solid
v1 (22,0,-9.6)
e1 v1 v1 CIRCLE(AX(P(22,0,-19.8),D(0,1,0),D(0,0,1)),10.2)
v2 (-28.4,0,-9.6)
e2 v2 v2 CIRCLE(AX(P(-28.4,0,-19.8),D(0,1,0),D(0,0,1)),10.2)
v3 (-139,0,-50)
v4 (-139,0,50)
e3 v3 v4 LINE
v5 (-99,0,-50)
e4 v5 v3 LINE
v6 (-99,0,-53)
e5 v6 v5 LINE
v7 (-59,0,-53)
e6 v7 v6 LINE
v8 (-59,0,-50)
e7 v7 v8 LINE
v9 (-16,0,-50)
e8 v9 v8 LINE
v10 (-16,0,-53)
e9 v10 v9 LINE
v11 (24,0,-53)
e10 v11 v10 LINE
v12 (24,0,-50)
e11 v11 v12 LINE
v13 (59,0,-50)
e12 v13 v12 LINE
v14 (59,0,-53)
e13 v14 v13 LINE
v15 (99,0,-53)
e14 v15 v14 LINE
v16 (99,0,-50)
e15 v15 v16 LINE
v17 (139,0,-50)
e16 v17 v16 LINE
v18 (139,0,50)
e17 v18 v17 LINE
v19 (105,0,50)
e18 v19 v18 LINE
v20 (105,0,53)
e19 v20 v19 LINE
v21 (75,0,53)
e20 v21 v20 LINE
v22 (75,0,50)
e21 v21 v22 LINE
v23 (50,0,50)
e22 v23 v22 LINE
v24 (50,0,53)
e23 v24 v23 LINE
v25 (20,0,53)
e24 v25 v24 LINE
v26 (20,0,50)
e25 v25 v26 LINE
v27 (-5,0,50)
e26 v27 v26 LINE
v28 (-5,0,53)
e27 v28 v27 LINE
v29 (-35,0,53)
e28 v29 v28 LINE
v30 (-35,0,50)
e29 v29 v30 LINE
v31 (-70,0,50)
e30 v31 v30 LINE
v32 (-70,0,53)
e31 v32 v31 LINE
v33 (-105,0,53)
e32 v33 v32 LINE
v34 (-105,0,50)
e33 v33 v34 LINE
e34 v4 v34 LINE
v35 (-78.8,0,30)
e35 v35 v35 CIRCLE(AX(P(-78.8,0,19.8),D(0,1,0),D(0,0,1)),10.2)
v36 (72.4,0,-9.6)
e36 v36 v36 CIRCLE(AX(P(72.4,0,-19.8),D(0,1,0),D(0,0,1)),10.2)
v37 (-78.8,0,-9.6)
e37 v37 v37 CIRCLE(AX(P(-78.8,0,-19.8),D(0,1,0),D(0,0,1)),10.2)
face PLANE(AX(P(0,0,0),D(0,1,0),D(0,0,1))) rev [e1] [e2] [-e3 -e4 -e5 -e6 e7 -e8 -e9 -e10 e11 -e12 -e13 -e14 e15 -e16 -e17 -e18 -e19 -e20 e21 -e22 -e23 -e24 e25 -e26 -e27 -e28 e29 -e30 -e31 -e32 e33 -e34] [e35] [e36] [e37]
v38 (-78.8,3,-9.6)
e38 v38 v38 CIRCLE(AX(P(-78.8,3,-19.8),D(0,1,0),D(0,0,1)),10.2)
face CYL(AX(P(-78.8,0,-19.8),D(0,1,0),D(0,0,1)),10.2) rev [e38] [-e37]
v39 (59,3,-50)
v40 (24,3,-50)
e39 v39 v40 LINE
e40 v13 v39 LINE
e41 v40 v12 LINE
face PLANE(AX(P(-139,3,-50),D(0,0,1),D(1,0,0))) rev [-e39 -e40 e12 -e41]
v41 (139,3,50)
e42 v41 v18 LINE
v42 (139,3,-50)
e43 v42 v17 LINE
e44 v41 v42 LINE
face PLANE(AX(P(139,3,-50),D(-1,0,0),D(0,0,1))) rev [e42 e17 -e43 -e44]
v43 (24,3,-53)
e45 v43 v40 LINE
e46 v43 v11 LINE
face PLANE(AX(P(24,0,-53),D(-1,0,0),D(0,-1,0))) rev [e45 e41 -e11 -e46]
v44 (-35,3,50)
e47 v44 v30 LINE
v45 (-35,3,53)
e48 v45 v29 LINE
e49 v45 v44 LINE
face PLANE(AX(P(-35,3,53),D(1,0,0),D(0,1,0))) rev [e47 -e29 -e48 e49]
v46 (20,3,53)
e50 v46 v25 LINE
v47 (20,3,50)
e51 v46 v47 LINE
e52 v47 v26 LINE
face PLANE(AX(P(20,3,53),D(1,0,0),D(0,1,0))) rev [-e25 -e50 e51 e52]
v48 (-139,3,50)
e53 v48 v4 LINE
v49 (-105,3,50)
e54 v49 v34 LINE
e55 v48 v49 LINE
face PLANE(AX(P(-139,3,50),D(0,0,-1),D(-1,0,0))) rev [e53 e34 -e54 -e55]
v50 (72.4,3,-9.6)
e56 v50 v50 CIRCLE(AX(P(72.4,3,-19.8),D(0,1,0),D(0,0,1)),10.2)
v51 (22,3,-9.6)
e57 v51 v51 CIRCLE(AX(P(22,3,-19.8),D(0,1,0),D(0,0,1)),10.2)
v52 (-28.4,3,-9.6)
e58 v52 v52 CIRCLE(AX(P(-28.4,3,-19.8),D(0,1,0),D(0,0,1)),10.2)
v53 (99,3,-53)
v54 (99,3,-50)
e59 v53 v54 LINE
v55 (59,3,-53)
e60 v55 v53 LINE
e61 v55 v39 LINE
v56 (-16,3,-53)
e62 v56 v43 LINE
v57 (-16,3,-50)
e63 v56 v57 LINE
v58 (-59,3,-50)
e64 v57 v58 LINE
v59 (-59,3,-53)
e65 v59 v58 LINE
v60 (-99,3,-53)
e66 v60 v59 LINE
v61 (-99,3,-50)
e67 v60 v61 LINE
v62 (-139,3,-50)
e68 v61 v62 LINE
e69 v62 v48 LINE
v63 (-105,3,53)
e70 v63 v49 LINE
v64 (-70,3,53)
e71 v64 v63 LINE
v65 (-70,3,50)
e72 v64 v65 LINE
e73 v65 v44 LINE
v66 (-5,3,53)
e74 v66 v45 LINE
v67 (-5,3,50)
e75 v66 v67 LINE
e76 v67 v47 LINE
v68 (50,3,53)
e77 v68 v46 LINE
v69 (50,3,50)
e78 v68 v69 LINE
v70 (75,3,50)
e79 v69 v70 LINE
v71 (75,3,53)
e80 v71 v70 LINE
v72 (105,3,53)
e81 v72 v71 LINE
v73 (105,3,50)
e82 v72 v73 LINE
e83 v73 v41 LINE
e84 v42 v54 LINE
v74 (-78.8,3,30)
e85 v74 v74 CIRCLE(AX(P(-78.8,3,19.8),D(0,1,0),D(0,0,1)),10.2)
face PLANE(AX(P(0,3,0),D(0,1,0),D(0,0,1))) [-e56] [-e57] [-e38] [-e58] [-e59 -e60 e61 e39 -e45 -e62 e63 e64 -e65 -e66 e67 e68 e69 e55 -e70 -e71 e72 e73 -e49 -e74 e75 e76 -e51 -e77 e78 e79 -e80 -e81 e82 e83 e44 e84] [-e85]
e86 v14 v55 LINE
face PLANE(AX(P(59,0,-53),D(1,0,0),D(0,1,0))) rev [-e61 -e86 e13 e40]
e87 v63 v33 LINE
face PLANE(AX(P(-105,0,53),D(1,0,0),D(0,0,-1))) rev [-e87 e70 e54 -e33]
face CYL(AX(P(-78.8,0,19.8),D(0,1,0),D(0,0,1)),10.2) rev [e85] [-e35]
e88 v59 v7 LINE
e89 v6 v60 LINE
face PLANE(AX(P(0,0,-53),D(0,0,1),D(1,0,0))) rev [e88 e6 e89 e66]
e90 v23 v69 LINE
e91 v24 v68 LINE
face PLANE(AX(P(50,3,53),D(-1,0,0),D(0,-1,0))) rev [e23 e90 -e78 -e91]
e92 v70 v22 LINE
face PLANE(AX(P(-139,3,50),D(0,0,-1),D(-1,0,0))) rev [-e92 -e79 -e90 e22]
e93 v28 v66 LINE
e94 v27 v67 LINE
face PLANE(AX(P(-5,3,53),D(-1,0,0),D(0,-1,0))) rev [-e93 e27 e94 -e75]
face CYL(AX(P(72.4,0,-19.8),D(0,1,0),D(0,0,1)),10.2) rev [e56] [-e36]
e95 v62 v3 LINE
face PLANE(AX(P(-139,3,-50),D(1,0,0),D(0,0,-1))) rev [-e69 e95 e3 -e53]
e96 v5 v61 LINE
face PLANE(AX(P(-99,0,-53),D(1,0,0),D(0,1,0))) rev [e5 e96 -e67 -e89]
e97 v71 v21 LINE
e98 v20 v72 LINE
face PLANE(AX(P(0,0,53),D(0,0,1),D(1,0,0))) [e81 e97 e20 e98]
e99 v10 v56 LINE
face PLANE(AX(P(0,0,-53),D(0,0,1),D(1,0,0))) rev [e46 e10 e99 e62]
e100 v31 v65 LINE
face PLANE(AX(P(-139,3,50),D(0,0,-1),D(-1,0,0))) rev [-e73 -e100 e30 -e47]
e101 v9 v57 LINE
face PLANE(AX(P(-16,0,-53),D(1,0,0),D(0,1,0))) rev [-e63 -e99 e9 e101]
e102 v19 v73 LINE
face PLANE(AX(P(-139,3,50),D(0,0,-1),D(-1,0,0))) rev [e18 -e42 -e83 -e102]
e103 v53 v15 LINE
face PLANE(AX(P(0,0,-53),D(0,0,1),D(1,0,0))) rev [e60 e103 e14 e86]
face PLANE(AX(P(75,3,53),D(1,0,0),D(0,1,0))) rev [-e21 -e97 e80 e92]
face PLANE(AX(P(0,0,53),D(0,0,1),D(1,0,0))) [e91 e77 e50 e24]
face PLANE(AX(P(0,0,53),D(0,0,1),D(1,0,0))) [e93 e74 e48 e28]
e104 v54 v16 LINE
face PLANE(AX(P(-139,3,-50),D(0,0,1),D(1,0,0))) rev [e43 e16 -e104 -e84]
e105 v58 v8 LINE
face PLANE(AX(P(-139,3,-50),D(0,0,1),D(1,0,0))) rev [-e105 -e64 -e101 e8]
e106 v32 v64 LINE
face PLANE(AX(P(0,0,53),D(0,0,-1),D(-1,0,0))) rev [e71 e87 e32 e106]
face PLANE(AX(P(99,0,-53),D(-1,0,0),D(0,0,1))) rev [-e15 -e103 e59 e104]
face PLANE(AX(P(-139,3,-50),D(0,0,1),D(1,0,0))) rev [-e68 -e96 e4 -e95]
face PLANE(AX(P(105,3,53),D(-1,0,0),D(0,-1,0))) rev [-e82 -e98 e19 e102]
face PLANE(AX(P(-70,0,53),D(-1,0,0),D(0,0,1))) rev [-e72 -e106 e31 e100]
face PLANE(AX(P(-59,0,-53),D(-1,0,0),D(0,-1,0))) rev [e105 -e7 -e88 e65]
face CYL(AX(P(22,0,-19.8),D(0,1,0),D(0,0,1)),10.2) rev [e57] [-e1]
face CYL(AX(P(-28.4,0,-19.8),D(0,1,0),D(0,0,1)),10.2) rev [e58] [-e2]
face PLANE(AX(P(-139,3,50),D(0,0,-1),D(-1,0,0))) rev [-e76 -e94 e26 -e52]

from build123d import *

# Parameters (mm, degrees)
SKETCH1_W           = 278
SKETCH1_H           = 100
BOSS_EXTRUDE1_DEPTH = 3
SKETCH2_W           = 40
SKETCH2_H           = 3
BOSS_EXTRUDE2_DEPTH = 3
SKETCH3_R           = 10.2
CUT_EXTRUDE1_DEPTH  = 3
SKETCH4_W           = 35
SKETCH4_H           = 3
SKETCH4_W_2         = 30
BOSS_EXTRUDE3_DEPTH = 3


with BuildPart() as part:
    # Sketch1 → Boss-Extrude1 (new body)
    with BuildSketch(Plane(origin=(0, 0, 0), x_dir=(1, 0, 0), z_dir=(0, 1, 0))):
        Rectangle(SKETCH1_W, SKETCH1_H)
    extrude(amount=BOSS_EXTRUDE1_DEPTH)

    # Sketch2 → Boss-Extrude2 (add)
    with BuildSketch(Plane(origin=(0, 0, -50), x_dir=(-1, 0, 0), z_dir=(0, 0, -1))):
        with Locations((-79, 1.5)):
            Rectangle(SKETCH2_W, SKETCH2_H)
        with Locations((-4, 1.5)):
            Rectangle(SKETCH2_W, SKETCH2_H)
        with Locations((79, 1.5)):
            Rectangle(SKETCH2_W, SKETCH2_H)
    extrude(amount=BOSS_EXTRUDE2_DEPTH)

    # Sketch3 → Cut-Extrude1 (cut)
    with BuildSketch(Plane(origin=(0, 3, 0), x_dir=(1, 0, 0), z_dir=(0, 1, 0))):
        with Locations(Location((72.4, 19.8, 0), (0, 0, 270))):
            Circle(SKETCH3_R)
        with Locations(Location((-78.8, -19.8, 0), (0, 0, 270))):
            Circle(SKETCH3_R)
        with Locations(Location((22, 19.8, 0), (0, 0, 270))):
            Circle(SKETCH3_R)
        with Locations(Location((-28.4, 19.8, 0), (0, 0, 270))):
            Circle(SKETCH3_R)
        with Locations(Location((-78.8, 19.8, 0), (0, 0, 270))):
            Circle(SKETCH3_R)
    extrude(amount=-CUT_EXTRUDE1_DEPTH, mode=Mode.SUBTRACT)

    # Sketch4 → Boss-Extrude3 (add)
    with BuildSketch(Plane.XY.offset(50)):
        with Locations((-87.5, 1.5)):
            Rectangle(SKETCH4_W, SKETCH4_H)
        with Locations((-20, 1.5)):
            Rectangle(SKETCH4_W_2, SKETCH4_H)
        with Locations((35, 1.5)):
            Rectangle(SKETCH4_W_2, SKETCH4_H)
        with Locations((90, 1.5)):
            Rectangle(SKETCH4_W_2, SKETCH4_H)
    extrude(amount=BOSS_EXTRUDE3_DEPTH)


solid = part.part
